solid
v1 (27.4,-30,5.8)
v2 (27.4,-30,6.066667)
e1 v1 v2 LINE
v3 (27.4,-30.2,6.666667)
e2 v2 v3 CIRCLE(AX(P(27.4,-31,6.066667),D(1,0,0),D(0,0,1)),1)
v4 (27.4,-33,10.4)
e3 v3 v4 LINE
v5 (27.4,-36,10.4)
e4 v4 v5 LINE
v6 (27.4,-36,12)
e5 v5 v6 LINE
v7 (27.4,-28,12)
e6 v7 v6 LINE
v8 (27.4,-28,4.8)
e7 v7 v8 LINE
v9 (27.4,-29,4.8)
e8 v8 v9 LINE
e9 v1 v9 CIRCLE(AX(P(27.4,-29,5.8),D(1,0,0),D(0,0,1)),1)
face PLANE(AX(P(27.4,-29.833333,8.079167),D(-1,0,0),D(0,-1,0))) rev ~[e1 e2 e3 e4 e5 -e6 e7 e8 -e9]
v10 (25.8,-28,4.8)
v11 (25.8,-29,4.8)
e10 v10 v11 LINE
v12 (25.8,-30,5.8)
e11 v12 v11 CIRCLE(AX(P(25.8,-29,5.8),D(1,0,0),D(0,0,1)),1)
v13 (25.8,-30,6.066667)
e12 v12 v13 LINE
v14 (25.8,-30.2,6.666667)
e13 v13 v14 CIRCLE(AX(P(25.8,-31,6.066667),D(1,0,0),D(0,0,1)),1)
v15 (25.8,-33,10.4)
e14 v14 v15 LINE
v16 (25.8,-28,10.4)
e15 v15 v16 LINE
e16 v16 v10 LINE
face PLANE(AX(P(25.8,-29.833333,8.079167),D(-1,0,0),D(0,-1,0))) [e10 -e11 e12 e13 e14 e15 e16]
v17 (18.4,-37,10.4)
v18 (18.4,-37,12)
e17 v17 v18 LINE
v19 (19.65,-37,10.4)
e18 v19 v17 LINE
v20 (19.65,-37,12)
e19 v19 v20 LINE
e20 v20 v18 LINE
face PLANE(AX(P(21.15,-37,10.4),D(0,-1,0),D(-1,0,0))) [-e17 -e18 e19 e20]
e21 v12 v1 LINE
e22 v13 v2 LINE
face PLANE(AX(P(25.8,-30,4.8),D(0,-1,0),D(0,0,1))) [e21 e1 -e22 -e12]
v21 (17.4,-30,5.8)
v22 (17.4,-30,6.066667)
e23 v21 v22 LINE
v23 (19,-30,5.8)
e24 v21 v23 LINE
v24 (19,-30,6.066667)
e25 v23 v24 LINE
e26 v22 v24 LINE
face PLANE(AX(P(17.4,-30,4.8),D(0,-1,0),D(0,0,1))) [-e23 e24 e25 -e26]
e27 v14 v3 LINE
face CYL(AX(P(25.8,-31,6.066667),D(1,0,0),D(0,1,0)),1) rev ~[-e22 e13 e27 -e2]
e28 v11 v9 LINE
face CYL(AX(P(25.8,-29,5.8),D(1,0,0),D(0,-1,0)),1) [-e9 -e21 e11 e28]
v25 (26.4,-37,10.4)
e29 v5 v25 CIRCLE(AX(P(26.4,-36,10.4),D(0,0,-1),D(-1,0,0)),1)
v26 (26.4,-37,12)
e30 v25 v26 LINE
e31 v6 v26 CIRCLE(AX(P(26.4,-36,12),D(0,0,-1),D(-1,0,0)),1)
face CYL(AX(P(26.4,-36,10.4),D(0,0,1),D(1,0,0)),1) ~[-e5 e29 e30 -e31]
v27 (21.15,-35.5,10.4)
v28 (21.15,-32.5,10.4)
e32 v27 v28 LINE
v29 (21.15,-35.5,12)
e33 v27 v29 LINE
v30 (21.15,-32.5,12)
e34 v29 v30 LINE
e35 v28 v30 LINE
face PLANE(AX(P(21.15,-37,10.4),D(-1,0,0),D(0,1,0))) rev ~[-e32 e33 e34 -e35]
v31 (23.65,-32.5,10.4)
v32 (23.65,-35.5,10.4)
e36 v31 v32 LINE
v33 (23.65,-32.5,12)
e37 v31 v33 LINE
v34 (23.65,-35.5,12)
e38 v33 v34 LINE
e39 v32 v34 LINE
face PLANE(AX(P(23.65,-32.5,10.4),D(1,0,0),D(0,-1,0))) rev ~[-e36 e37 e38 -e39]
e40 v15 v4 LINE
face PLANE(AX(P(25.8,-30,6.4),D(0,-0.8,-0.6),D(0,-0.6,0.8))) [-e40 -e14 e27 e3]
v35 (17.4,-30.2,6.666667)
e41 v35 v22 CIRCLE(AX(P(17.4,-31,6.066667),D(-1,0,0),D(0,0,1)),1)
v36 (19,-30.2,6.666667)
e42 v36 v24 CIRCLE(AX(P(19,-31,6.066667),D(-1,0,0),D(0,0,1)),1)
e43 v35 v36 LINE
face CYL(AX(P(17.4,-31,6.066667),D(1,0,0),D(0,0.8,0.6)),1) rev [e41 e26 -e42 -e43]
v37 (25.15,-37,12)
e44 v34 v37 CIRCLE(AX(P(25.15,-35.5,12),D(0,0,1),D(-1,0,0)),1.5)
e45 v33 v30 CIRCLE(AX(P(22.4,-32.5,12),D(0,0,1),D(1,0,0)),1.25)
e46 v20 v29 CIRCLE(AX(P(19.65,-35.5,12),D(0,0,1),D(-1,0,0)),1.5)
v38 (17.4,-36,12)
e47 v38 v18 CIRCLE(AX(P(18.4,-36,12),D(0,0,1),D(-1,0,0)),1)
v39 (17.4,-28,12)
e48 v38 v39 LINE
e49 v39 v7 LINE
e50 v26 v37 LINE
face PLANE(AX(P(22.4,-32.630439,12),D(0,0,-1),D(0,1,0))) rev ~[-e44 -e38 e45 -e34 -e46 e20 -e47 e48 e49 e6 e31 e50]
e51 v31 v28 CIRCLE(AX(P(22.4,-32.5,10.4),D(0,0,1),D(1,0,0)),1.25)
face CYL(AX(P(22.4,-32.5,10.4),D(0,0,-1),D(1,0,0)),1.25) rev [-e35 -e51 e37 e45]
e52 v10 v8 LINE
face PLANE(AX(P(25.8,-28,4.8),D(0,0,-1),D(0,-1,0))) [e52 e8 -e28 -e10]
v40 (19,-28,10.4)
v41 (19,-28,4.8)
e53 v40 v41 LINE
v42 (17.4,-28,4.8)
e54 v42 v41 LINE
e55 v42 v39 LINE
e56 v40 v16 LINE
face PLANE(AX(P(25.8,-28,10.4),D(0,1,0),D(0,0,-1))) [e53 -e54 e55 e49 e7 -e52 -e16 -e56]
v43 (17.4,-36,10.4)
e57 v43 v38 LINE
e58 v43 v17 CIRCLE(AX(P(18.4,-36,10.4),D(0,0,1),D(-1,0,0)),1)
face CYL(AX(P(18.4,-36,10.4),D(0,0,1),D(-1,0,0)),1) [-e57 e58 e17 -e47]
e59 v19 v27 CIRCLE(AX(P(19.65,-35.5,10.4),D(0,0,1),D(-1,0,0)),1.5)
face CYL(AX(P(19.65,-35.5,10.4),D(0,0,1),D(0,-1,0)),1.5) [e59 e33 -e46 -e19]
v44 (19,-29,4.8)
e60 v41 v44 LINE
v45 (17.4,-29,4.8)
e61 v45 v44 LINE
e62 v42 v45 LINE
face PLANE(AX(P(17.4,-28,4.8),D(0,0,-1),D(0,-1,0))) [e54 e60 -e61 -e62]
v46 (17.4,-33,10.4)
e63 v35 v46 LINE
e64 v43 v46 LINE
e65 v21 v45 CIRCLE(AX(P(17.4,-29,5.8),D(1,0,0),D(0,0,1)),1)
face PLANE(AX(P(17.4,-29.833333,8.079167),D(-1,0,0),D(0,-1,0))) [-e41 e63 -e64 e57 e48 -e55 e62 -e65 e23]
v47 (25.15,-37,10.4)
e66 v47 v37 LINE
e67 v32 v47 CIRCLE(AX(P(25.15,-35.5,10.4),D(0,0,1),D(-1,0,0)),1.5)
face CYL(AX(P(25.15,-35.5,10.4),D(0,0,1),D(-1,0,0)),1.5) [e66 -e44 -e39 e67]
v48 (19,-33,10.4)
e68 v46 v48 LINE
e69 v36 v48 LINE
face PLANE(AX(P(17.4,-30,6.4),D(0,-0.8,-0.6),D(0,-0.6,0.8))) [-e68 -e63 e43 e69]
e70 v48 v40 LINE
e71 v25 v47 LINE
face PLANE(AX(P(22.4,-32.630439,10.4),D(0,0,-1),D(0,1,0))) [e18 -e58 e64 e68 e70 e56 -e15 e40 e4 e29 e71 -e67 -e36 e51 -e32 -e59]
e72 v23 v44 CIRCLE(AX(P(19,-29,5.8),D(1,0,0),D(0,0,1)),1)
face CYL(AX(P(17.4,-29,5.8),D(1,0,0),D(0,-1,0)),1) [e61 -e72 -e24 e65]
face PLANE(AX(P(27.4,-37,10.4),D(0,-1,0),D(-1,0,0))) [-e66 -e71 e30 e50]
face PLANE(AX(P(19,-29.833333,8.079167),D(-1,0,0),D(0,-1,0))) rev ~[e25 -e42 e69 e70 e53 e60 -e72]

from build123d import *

# Parameters (mm, degrees)
PAD002_DEPTH            = 1.6
PAD003_DEPTH            = 1.6
LINEARPATTERN_COUNT     = 2
LINEARPATTERN_PITCH     = 8.4
FILLET_R                = 1
FILLET001_R             = 1
FILLET002_R             = 1
FILLET003_R             = 1.5
BODY001_PLACEMENT_ANGLE = 90


with BuildPart() as part:
    # Sketch004 → Pad002 (new body)
    with BuildSketch(Plane.XY):
        with BuildLine():
            Line((-4.5, 5), (4.5, 5))
            Line((4.5, 5), (4.5, 1.25))
            Line((0, 1.25), (4.5, 1.25))
            ThreePointArc((0, 1.25), (-1.25, 0), (0, -1.25))
            Line((4.5, -1.25), (0, -1.25))
            Line((4.5, -1.25), (4.5, -5))
            Line((4.5, -5), (-4.5, -5))
            Line((-4.5, -5), (-4.5, 5))
        make_face()
    extrude(amount=PAD002_DEPTH)

    # Sketch005 (on DatumPlane) → Pad003 (join)
    with BuildSketch(Plane.XZ.offset(5)):
        Polygon((-4.5, 0), (-4.5, -5.6), (-2.5, -5.6), (-2.5, -4), (0.5, 0), align=None)
    pad003 = extrude(amount=-PAD003_DEPTH)

    # LinearPattern: Pad003 ×2
    with Locations(*[(0, i * LINEARPATTERN_PITCH, 0) for i in range(1, LINEARPATTERN_COUNT)]):
        add(pad003)

    # Fillet
    fillet_edges = [part.edges().sort_by_distance(p)[0] for p in [
        (-2.5, -4.2, -5.6),
        (-2.5, 4.2, -5.6),
    ]]
    fillet(fillet_edges, radius=FILLET_R)

    # Fillet001
    fillet001_edges = [part.edges().sort_by_distance(p)[0] for p in [
        (-2.5, -4.2, -4),
        (-2.5, 4.2, -4),
    ]]
    fillet(fillet001_edges, radius=FILLET001_R)

    # Fillet002
    fillet002_edges = [part.edges().sort_by_distance(p)[0] for p in [
        (4.5, -5, 0.8),
        (4.5, 5, 0.8),
    ]]
    fillet(fillet002_edges, radius=FILLET002_R)

    # Fillet003
    fillet003_edges = [part.edges().sort_by_distance(p)[0] for p in [
        (4.5, -1.25, 0.8),
        (4.5, 1.25, 0.8),
    ]]
    fillet(fillet003_edges, radius=FILLET003_R)


with BuildPart() as part_1:
    # Body001 placement: moved
    add(part.part.moved(Location((22.4, -32.5, 10.4))).rotate(Axis((22.4, -32.5, 10.4), (0, 0, -1)), BODY001_PLACEMENT_ANGLE))


solid = part_1.part
